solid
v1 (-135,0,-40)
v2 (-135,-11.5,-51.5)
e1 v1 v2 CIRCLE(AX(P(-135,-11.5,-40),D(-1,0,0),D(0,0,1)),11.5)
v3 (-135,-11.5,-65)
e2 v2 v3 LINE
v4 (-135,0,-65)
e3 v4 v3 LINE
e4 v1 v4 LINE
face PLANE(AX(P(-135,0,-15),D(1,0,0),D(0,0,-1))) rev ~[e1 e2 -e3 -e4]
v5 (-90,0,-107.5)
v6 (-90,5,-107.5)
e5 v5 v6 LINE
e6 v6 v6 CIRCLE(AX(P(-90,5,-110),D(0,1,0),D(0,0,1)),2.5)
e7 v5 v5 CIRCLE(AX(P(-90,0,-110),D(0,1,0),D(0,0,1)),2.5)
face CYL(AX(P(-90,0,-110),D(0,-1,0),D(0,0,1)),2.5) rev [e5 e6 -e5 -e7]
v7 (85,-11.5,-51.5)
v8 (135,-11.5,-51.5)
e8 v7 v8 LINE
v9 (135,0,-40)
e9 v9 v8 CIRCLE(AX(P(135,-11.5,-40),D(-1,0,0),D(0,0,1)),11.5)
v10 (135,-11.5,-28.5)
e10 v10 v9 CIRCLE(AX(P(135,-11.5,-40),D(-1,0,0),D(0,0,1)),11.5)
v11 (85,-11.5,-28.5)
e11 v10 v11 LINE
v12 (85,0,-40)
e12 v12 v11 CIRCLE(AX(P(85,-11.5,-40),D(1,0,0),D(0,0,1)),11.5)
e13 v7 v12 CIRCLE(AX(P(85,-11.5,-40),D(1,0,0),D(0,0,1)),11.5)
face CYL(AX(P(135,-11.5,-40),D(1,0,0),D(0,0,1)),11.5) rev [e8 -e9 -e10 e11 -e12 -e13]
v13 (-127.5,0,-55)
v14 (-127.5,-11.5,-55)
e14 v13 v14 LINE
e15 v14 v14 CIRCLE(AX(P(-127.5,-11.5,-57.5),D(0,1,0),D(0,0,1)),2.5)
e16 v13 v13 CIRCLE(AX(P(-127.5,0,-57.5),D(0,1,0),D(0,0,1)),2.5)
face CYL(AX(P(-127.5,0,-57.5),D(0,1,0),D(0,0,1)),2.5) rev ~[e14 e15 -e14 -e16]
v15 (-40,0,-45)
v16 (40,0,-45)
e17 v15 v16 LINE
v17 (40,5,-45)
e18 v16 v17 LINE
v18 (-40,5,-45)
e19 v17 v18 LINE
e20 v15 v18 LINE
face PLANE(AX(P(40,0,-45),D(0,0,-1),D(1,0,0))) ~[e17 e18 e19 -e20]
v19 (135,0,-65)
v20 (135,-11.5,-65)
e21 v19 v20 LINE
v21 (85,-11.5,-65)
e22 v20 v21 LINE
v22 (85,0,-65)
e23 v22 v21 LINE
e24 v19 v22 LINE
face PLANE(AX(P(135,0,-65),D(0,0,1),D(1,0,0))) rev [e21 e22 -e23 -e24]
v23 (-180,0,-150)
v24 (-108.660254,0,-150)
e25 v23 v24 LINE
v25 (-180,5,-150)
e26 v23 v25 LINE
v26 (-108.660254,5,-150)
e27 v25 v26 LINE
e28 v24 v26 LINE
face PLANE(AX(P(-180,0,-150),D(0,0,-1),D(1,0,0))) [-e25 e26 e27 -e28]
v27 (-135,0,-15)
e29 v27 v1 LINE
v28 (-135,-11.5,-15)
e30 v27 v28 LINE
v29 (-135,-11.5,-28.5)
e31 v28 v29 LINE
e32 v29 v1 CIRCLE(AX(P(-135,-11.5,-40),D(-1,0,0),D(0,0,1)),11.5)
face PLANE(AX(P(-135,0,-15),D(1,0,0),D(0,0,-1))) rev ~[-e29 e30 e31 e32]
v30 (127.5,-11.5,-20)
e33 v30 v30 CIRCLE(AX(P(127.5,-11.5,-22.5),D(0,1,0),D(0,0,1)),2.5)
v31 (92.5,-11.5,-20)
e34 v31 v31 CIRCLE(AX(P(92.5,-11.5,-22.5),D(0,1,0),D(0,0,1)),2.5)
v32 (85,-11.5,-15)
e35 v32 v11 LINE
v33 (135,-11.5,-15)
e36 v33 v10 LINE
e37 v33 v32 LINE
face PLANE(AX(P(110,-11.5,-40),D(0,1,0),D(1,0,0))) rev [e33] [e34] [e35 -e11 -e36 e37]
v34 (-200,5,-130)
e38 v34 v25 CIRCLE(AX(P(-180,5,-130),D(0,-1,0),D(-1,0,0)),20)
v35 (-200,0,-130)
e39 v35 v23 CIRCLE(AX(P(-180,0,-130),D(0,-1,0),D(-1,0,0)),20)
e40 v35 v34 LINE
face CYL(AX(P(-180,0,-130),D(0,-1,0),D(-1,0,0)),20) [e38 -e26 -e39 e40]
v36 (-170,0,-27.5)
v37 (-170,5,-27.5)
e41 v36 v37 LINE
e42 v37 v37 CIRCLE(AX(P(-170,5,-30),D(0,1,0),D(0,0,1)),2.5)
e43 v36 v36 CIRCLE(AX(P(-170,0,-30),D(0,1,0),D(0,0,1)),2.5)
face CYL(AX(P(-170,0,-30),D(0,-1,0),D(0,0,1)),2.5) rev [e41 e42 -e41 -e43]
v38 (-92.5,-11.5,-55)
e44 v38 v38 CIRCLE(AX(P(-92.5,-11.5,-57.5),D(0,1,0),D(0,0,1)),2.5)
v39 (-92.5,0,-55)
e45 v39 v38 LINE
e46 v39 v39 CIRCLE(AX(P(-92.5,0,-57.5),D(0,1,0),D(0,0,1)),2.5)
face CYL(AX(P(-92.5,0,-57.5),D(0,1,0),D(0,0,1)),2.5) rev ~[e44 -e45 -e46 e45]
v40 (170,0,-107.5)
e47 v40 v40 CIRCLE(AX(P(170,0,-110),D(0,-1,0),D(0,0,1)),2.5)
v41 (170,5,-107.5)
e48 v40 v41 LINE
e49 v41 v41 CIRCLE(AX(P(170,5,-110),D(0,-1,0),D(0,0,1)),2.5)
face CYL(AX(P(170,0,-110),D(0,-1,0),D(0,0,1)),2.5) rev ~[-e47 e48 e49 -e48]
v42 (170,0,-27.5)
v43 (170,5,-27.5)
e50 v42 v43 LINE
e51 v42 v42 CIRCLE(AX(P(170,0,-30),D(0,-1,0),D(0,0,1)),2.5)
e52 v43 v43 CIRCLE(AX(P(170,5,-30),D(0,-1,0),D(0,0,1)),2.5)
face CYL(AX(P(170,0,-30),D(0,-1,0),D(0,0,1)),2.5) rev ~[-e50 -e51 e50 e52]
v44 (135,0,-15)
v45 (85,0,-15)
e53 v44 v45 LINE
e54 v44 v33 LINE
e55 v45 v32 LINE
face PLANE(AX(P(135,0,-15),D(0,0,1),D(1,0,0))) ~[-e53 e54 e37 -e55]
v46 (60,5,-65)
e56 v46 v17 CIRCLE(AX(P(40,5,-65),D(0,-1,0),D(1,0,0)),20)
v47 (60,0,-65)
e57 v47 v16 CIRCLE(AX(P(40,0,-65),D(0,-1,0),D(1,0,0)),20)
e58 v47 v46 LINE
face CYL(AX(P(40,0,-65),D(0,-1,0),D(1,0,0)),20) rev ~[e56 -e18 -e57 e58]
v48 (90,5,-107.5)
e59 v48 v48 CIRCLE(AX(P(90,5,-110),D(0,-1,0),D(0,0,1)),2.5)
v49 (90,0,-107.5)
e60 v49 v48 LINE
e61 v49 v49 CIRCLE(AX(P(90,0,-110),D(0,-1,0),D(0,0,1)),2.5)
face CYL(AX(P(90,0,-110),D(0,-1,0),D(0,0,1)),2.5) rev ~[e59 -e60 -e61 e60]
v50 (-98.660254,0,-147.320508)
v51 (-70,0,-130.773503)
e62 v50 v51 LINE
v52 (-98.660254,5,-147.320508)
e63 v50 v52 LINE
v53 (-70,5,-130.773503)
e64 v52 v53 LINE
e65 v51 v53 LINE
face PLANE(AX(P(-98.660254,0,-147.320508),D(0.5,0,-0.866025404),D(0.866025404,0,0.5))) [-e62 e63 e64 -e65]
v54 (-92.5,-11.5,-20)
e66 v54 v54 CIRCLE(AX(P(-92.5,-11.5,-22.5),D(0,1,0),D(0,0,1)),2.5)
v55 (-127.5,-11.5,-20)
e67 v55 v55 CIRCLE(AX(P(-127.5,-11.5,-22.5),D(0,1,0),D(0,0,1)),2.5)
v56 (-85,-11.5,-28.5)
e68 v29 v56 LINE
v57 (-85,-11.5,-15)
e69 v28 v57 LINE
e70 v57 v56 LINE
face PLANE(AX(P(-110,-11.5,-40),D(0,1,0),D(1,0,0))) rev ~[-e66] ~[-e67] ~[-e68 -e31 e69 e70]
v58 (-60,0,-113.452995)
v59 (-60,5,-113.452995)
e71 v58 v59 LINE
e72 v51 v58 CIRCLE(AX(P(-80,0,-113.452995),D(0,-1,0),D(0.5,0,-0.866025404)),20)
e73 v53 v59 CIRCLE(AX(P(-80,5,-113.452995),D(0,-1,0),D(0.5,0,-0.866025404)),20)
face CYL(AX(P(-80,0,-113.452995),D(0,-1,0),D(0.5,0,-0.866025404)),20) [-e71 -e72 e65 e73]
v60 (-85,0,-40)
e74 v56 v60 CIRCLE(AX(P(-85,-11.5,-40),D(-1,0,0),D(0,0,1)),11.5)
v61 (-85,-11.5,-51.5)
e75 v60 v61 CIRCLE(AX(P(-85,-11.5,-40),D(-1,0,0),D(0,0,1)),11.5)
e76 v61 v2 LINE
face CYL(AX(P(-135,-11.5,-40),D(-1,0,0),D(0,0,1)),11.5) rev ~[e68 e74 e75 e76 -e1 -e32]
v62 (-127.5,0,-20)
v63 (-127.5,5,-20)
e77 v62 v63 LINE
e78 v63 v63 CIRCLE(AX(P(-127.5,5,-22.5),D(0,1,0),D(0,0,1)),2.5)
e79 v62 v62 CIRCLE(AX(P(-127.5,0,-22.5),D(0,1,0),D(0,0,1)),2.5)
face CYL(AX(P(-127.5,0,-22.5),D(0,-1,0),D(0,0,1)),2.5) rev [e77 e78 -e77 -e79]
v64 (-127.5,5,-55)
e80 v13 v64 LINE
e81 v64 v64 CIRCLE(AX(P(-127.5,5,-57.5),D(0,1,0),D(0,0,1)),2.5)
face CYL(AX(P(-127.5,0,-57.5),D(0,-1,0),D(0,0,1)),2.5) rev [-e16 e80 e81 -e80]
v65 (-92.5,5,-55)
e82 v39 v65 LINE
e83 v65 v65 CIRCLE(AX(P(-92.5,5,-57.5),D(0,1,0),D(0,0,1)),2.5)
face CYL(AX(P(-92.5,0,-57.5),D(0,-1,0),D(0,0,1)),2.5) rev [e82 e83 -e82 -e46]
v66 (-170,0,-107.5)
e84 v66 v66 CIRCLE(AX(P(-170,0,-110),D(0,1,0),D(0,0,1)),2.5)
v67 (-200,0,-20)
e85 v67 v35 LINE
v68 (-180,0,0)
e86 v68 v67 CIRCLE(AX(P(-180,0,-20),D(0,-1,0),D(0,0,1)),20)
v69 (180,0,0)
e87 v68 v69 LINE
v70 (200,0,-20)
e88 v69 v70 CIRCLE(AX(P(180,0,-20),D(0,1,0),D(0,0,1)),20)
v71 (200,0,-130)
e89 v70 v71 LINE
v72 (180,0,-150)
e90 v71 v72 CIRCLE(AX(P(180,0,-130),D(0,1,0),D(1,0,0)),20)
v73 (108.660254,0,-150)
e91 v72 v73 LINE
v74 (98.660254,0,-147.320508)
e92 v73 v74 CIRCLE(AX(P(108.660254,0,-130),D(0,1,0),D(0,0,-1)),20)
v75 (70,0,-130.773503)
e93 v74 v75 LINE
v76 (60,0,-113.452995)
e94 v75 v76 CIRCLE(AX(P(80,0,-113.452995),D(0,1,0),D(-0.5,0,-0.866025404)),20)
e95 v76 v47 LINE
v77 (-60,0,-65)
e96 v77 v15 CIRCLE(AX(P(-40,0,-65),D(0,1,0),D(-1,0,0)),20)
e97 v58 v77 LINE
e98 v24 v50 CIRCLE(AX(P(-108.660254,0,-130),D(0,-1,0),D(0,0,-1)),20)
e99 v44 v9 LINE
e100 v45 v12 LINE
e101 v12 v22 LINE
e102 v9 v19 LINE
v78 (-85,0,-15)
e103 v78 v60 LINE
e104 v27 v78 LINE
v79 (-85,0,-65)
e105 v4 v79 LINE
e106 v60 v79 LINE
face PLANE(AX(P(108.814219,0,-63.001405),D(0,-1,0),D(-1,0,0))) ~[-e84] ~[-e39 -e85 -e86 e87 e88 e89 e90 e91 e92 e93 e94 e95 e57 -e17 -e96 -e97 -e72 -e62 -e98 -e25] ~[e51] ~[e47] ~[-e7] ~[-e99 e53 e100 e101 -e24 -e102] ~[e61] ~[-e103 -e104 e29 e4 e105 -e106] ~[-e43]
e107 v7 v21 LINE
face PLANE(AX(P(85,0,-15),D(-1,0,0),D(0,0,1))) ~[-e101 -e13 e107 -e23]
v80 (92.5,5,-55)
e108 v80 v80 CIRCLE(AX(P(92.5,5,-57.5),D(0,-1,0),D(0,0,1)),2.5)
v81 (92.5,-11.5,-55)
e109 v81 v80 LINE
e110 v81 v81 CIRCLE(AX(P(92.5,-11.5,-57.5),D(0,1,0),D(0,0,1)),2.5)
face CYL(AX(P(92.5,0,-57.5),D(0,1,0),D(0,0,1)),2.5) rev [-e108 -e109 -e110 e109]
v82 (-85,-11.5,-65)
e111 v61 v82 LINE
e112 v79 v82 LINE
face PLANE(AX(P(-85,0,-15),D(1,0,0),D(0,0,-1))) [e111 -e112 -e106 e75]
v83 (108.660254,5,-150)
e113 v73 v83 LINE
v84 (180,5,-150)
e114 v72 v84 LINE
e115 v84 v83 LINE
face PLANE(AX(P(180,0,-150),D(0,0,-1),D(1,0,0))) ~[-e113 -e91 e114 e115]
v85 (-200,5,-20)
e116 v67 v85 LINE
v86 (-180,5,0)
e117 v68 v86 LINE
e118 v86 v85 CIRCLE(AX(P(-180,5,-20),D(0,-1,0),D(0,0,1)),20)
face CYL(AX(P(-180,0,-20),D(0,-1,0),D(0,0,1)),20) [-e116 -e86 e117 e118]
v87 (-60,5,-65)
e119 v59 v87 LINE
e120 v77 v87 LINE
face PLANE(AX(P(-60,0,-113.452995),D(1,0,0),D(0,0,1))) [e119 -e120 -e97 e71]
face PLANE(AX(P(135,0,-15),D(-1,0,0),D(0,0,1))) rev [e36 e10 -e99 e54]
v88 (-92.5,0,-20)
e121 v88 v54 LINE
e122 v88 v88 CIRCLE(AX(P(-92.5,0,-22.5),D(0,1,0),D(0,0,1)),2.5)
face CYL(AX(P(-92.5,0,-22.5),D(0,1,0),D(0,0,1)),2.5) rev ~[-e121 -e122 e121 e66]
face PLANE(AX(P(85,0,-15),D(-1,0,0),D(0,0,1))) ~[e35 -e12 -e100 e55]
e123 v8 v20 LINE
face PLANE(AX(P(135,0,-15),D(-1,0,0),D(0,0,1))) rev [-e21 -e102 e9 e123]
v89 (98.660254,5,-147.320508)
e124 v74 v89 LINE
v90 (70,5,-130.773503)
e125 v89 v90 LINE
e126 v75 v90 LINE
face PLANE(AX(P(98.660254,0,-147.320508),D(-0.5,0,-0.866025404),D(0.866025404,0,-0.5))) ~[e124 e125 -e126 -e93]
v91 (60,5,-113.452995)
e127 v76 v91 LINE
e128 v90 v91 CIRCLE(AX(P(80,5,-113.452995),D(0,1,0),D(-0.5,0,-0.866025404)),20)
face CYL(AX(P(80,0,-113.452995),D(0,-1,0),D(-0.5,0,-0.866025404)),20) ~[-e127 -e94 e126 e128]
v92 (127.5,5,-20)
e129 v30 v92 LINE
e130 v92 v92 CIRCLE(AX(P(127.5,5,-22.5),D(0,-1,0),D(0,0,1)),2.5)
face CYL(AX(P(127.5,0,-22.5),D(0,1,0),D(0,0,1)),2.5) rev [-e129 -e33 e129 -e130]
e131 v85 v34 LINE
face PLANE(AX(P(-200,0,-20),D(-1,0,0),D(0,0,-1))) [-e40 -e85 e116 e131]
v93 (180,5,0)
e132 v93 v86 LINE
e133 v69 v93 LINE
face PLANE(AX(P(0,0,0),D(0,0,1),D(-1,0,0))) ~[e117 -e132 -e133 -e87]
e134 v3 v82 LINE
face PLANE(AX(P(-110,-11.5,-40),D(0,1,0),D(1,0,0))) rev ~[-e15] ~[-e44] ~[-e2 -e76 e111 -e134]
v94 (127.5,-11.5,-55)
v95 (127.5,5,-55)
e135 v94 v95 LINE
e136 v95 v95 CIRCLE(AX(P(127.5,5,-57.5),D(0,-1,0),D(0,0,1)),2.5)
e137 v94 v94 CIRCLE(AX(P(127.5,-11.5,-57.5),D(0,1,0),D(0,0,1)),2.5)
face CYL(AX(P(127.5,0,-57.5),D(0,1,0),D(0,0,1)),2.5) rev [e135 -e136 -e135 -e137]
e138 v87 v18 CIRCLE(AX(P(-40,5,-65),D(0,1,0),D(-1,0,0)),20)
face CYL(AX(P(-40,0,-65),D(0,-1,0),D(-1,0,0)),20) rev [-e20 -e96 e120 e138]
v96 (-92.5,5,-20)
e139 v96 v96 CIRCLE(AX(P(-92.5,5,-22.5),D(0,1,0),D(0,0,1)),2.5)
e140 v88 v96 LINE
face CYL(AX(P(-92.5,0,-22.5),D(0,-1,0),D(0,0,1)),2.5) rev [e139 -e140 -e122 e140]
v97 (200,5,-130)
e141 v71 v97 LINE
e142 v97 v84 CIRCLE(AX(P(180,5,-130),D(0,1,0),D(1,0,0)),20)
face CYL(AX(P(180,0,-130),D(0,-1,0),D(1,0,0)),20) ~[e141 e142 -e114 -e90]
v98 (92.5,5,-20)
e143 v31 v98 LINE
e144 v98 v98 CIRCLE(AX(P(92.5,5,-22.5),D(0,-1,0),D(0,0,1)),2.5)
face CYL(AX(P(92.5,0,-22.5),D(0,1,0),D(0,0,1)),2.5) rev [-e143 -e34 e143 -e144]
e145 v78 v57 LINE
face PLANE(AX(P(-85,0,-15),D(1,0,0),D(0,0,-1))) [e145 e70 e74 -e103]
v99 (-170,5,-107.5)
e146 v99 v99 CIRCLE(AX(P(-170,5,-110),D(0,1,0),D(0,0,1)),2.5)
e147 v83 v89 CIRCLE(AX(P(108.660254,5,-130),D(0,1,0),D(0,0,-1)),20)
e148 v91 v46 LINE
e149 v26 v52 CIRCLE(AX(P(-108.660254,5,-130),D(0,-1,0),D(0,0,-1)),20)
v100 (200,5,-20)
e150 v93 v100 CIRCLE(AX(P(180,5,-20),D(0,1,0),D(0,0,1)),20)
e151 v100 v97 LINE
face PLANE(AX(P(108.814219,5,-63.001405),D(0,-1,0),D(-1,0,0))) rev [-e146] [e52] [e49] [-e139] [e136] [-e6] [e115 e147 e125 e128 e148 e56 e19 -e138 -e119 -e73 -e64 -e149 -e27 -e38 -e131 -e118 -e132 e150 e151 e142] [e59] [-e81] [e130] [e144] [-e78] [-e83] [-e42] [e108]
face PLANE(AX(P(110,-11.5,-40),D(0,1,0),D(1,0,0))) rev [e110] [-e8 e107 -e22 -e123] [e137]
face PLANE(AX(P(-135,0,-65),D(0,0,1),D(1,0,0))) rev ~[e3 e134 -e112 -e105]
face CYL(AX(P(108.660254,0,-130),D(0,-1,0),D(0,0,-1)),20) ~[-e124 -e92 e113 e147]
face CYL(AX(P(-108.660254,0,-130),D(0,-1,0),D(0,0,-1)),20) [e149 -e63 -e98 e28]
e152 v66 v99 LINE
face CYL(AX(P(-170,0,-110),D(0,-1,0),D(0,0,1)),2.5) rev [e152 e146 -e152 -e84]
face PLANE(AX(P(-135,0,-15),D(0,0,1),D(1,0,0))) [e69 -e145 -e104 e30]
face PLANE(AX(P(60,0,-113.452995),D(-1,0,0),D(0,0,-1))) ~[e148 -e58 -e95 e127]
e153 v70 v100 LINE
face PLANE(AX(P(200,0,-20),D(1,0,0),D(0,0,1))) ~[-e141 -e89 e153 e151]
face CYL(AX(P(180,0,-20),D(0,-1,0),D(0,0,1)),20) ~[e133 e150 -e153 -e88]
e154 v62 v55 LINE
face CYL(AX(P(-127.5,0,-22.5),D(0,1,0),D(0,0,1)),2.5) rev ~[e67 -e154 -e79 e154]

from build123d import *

# Parameters (mm, degrees)
SKETCH_1_R          = 2.5
EXTRUDE_1_DEPTH     = 5
SKETCH_2_W          = 50
SKETCH_2_H          = 50
EXTRUDE_2_DEPTH     = 11.5
SKETCH_3_R          = 11.5
CUT_EXTRUDE_1_DEPTH = 203.131763956
SKETCH_1_7_R        = 2.5
CUT_EXTRUDE_3_DEPTH = 251.264360227


with BuildPart() as part:
    # 草图1 → 凸台-拉伸1 (new body)
    with BuildSketch(Plane(origin=(0, 0, 0), x_dir=(1, 0, 0), z_dir=(0, 1, 0))):
        with BuildLine():
            Line((0, 0), (-180, 0))
            ThreePointArc((-180, 0), (-194.142135624, 5.857864376), (-200, 20))
            Line((-200, 20), (-200, 130))
            ThreePointArc((-200, 130), (-194.142135624, 144.142135624), (-180, 150))
            Line((-180, 150), (-108.660254038, 150))
            ThreePointArc((-108.660254038, 150), (-103.483873136, 149.318516526), (-98.660254038, 147.320508076))
            Line((-98.660254038, 147.320508076), (-70, 130.773502692))
            ThreePointArc((-70, 130.773502692), (-62.679491924, 123.452994616), (-60, 113.452994616))
            Line((-60, 113.452994616), (-60, 65))
            ThreePointArc((-60, 65), (-54.142135624, 50.857864376), (-40, 45))
            Line((-40, 45), (0, 45))
            Line((0, 45), (0, 0))
        make_face()
        with Locations((-127.5, 57.5)):
            Circle(SKETCH_1_R, mode=Mode.SUBTRACT)
        with Locations((-92.5, 57.5)):
            Circle(SKETCH_1_R, mode=Mode.SUBTRACT)
        with Locations((-127.5, 22.5)):
            Circle(SKETCH_1_R, mode=Mode.SUBTRACT)
        with Locations((-92.5, 22.5)):
            Circle(SKETCH_1_R, mode=Mode.SUBTRACT)
        with Locations((-170, 110)):
            Circle(SKETCH_1_R, mode=Mode.SUBTRACT)
        with Locations((-90, 110)):
            Circle(SKETCH_1_R, mode=Mode.SUBTRACT)
        with Locations((-170, 30)):
            Circle(SKETCH_1_R, mode=Mode.SUBTRACT)
    extrude_1 = extrude(amount=EXTRUDE_1_DEPTH)

    # 草图2 → 凸台-拉伸2 (add)
    with BuildSketch(Plane(origin=(0, 0, 0), x_dir=(1, 0, 0), z_dir=(0, 1, 0))):
        with Locations((-110, 40)):
            Rectangle(SKETCH_2_W, SKETCH_2_H)
    extrude_2 = extrude(amount=-EXTRUDE_2_DEPTH)

    # 草图3 → 切除-拉伸1 (cut, through all)
    with BuildSketch(Plane.ZY.offset(135)):
        with Locations((-40, -11.5)):
            Circle(SKETCH_3_R)
    cut_extrude_1 = extrude(amount=-CUT_EXTRUDE_1_DEPTH, mode=Mode.SUBTRACT)

    # 草图1<7> → 切除-拉伸3 (cut, through all)
    with BuildSketch(Plane(origin=(0, 0, 0), x_dir=(1, 0, 0), z_dir=(0, 1, 0))):
        with Locations((-127.5, 57.5)):
            Circle(SKETCH_1_7_R)
        with Locations((-92.5, 57.5)):
            Circle(SKETCH_1_7_R)
        with Locations((-127.5, 22.5)):
            Circle(SKETCH_1_7_R)
        with Locations((-92.5, 22.5)):
            Circle(SKETCH_1_7_R)
    cut_extrude_3 = extrude(amount=-CUT_EXTRUDE_3_DEPTH, mode=Mode.SUBTRACT)

    # 镜向1: 凸台-拉伸1, 凸台-拉伸2, 切除-拉伸1, 切除-拉伸3 across plane
    add(extrude_1.mirror(Plane(origin=(0, 5, -45), x_dir=(0, 0, 1), z_dir=(-1, 0, 0))))
    add(extrude_2.mirror(Plane(origin=(0, 5, -45), x_dir=(0, 0, 1), z_dir=(-1, 0, 0))))
    add(cut_extrude_1.mirror(Plane(origin=(0, 5, -45), x_dir=(0, 0, 1), z_dir=(-1, 0, 0))), mode=Mode.SUBTRACT)
    add(cut_extrude_3.mirror(Plane(origin=(0, 5, -45), x_dir=(0, 0, 1), z_dir=(-1, 0, 0))), mode=Mode.SUBTRACT)


solid = part.part
